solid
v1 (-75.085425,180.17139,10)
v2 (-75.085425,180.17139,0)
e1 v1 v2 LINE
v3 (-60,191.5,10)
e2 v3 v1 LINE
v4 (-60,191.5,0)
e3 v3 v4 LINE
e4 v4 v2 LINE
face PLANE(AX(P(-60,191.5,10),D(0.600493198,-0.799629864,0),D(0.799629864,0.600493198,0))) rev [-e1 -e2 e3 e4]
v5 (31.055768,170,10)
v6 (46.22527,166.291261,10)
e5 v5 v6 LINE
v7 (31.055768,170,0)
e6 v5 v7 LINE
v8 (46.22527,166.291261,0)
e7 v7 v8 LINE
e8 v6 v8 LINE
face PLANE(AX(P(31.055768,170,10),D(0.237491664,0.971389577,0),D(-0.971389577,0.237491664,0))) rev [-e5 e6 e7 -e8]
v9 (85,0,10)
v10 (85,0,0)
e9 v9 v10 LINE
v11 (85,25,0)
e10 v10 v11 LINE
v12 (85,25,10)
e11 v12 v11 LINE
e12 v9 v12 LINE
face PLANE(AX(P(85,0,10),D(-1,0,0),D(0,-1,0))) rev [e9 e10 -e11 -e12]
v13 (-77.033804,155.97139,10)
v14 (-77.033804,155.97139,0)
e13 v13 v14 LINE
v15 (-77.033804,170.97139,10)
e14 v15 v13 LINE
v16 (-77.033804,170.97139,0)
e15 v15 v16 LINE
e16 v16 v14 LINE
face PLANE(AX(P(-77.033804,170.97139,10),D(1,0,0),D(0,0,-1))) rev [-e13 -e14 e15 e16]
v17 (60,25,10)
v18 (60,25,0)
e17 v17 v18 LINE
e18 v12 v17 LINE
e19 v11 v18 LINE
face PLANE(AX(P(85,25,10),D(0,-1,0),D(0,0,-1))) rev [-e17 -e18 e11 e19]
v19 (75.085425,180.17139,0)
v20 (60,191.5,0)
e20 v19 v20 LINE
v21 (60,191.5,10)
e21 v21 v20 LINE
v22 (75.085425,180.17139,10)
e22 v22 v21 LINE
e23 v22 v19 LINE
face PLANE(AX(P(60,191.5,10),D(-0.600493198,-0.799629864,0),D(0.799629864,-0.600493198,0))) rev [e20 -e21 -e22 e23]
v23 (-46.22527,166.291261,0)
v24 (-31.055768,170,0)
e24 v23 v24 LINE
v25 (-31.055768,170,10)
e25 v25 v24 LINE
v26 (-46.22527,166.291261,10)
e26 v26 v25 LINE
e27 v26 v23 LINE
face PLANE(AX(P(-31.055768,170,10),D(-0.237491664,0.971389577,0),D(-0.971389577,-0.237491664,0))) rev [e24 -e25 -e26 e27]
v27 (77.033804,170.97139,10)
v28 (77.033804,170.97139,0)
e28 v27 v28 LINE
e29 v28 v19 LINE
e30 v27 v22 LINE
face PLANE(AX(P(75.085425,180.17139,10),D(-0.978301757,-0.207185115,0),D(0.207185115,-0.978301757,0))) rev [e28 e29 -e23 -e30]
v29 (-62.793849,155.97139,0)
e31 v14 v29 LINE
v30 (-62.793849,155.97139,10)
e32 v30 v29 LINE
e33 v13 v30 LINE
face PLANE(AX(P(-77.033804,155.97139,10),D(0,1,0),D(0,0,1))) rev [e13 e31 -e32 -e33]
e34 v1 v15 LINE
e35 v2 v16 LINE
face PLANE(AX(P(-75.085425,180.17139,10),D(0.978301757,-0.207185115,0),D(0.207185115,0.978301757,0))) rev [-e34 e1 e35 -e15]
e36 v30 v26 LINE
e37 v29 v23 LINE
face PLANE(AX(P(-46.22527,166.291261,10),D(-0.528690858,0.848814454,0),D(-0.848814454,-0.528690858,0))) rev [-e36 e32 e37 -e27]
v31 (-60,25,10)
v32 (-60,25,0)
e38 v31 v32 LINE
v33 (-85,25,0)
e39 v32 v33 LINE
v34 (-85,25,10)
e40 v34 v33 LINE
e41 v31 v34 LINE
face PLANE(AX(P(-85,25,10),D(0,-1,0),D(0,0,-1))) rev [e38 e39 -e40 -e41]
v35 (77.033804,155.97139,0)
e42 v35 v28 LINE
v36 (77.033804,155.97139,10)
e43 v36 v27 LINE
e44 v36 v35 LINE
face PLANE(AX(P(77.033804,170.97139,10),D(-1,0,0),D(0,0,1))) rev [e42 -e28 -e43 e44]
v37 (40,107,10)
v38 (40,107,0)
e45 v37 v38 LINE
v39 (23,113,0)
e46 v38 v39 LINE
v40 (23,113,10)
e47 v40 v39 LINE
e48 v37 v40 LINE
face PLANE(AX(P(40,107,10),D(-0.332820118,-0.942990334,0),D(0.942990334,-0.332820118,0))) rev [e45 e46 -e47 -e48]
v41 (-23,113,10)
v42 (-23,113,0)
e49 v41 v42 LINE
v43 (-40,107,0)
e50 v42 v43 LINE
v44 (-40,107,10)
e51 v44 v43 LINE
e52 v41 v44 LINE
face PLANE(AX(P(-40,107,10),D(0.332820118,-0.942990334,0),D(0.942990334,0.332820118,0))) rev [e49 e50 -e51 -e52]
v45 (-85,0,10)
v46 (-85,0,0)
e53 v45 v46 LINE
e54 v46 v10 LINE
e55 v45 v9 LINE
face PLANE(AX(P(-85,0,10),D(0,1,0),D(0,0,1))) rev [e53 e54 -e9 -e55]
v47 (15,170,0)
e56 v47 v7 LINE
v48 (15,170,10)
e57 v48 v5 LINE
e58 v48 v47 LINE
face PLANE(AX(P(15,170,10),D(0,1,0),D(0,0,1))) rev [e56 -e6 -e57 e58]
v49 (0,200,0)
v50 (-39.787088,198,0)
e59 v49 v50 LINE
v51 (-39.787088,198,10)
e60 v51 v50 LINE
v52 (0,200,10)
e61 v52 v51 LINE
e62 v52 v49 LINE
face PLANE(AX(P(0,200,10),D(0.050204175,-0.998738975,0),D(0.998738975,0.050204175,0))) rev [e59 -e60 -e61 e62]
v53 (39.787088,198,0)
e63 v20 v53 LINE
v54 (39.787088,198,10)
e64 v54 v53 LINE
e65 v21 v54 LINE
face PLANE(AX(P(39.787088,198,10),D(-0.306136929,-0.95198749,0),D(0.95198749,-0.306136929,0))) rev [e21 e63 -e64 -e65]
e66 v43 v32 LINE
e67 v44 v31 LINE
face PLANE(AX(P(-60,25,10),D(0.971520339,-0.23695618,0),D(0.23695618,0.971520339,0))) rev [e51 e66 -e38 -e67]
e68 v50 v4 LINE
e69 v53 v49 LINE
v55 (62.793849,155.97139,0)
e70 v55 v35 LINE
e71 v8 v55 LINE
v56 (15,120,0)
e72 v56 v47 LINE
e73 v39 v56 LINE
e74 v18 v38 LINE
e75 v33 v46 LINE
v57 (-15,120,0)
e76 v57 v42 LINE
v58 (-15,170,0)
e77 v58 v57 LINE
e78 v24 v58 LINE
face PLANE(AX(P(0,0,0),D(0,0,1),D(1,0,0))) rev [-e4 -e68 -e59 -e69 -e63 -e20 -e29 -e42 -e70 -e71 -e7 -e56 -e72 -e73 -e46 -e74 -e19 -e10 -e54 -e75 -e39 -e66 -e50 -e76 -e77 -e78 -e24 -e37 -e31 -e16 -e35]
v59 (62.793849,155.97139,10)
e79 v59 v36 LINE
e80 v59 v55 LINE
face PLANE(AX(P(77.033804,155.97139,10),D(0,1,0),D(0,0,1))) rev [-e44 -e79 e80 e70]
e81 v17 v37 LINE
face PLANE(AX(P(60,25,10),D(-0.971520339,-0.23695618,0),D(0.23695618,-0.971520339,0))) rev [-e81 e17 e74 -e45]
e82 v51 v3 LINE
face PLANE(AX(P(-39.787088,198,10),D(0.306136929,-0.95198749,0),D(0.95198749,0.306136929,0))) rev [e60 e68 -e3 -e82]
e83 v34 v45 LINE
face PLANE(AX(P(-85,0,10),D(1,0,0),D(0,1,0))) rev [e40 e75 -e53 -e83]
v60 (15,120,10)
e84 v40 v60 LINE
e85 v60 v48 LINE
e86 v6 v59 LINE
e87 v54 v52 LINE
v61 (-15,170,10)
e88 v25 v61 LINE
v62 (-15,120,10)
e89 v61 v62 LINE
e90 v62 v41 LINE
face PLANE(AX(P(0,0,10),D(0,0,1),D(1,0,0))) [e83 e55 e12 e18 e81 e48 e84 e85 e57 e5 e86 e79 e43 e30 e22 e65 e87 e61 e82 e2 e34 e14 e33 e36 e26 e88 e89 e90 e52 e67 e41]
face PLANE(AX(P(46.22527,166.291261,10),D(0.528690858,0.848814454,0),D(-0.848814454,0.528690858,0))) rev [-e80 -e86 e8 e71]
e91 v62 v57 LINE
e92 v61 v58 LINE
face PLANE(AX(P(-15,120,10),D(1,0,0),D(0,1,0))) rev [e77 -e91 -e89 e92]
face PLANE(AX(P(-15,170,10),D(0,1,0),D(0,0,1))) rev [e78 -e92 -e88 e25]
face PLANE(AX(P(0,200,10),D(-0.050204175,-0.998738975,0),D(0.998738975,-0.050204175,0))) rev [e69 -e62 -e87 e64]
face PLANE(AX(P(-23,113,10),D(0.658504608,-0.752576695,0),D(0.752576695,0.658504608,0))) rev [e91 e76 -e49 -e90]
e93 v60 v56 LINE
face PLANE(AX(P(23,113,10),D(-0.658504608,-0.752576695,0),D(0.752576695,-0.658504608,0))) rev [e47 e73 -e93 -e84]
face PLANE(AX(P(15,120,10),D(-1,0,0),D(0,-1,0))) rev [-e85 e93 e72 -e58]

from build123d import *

# Parameters (mm, degrees)
BOSS_EXTRUDE1_DEPTH = 10


with BuildPart() as part:
    # Sketch1 → Boss-Extrude1 (new body)
    with BuildSketch(Plane.XY):
        Polygon((40, 107), (23, 113), (15, 120), (15, 170), (31.055768347, 170), (46.225269869, 166.291261256), (62.793848643, 155.971389715), (77.033804463, 155.971389715), (77.033804463, 170.971389715), (75.085424996, 180.171389715), (60, 191.5), (39.787088413, 198), (0, 200), (-39.787088413, 198), (-60, 191.5), (-75.085424996, 180.171389715), (-77.033804463, 170.971389715), (-77.033804463, 155.971389715), (-62.793848643, 155.971389715), (-46.225269869, 166.291261256), (-31.055768347, 170), (-15, 170), (-15, 120), (-23, 113), (-40, 107), (-60, 25), (-85, 25), (-85, 0), (85, 0), (85, 25), (60, 25), align=None)
    extrude(amount=BOSS_EXTRUDE1_DEPTH)


solid = part.part
